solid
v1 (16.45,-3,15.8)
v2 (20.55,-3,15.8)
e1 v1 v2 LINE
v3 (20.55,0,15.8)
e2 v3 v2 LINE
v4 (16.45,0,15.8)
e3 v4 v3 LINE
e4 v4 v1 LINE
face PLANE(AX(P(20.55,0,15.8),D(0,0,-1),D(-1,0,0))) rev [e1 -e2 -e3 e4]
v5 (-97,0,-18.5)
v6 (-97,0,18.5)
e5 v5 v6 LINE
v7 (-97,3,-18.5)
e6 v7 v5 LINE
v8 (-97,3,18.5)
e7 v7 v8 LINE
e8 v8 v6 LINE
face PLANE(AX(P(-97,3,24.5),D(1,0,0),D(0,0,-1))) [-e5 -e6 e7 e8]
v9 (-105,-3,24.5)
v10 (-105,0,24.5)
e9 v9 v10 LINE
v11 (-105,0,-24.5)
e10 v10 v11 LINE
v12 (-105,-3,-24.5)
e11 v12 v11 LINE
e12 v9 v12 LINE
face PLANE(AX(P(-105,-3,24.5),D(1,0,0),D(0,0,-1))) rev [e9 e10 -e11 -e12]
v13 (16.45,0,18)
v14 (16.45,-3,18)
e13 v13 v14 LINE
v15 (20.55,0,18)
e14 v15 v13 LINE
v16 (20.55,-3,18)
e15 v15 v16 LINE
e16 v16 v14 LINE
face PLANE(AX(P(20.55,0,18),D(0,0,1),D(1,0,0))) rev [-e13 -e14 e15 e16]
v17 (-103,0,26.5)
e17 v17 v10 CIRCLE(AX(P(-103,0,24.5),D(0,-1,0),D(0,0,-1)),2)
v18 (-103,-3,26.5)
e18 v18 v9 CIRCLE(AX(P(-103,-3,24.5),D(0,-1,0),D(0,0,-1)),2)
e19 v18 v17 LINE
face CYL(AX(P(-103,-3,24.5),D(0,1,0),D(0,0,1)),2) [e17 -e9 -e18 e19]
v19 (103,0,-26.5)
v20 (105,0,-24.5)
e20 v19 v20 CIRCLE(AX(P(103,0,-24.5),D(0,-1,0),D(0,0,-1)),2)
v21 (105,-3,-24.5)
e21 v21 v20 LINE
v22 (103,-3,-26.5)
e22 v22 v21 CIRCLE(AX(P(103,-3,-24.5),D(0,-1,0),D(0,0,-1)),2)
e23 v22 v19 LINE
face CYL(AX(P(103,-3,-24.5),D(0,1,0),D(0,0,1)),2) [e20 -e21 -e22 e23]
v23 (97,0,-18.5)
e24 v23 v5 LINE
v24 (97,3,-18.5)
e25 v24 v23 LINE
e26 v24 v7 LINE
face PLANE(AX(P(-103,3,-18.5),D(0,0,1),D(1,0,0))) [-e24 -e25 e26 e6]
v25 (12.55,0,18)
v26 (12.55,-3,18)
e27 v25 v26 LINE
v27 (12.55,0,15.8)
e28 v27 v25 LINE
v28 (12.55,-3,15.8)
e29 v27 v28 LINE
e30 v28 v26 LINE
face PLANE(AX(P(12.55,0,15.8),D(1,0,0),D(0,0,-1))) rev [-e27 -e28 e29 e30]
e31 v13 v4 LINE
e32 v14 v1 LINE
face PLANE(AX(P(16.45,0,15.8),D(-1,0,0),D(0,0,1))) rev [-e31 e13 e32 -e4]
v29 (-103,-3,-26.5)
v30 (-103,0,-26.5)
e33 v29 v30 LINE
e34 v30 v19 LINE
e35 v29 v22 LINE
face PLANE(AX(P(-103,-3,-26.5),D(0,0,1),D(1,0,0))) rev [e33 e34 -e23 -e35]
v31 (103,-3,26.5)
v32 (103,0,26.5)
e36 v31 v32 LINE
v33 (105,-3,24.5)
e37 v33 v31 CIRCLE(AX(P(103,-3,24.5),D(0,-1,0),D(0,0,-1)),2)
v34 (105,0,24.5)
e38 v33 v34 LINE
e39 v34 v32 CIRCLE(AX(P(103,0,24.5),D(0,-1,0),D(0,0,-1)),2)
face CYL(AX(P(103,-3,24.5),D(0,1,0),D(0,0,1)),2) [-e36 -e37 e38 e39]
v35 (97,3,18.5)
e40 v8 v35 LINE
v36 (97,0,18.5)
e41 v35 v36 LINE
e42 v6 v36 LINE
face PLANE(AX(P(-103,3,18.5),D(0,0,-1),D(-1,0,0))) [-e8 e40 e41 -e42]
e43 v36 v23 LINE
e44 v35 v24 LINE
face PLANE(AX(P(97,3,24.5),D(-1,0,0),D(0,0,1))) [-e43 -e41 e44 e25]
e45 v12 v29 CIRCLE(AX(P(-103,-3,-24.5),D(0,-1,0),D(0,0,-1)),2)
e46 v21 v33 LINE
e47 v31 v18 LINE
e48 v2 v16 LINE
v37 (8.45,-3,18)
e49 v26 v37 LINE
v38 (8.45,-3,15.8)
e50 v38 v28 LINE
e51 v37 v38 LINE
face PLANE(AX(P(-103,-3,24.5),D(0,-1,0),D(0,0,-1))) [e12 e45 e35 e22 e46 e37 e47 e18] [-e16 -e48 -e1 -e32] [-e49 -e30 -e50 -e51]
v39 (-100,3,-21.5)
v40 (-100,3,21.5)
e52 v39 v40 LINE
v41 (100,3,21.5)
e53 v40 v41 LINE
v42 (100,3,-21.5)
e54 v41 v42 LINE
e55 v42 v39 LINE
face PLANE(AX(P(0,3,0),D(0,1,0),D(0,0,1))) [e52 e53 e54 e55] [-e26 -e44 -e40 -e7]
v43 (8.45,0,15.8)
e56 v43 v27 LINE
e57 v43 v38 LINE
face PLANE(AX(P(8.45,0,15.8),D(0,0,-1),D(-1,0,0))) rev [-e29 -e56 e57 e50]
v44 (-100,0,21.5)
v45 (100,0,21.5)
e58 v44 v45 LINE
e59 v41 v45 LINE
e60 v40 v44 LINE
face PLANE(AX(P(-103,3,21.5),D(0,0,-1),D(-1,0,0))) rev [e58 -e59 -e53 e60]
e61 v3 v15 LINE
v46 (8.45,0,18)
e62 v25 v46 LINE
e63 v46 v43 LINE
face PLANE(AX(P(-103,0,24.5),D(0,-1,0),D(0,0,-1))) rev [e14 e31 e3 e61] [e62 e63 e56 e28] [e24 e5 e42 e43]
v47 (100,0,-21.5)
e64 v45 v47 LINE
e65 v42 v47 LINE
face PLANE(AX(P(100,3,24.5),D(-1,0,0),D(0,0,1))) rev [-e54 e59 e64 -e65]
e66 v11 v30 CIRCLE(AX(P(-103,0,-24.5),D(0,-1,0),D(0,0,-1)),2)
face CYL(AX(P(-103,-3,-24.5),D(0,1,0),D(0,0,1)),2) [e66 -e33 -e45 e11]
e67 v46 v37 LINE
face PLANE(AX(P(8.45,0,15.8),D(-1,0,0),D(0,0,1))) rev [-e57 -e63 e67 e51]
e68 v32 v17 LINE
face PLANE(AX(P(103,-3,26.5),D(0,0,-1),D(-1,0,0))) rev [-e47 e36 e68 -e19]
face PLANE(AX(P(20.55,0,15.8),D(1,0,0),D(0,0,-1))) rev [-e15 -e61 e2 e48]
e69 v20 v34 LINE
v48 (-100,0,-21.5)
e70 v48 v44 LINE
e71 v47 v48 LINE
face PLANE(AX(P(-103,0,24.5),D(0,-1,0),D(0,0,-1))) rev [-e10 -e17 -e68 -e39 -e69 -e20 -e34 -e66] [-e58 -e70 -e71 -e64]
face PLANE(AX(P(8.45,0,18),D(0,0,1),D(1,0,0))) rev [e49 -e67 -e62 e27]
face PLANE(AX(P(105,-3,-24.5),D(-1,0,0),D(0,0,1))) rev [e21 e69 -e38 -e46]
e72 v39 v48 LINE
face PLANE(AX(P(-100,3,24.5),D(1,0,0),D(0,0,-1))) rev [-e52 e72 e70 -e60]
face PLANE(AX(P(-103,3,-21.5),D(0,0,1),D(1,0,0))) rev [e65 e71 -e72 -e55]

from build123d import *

# Parameters (mm, degrees)
SKETCH_228_W        = 210
SKETCH_228_H        = 53
EXTRUDE_1_DEPTH     = 50
SKETCH_3_W          = 200
SKETCH_3_H          = 43
CUT_EXTRUDE_1_DEPTH = 45
SKETCH_4_R          = 3.5
EXTRUDE_2_DEPTH     = 2
EXTRUDE_2_TAPER     = 1
FILLET_2_R          = 0.5
SKETCH_4_5_R        = 3.5
EXTRUDE_3_DEPTH     = 2
SKETCH_4_6_R        = 3.5
EXTRUDE_4_DEPTH     = 2
SKETCH_4_7_R        = 3.5
EXTRUDE_5_DEPTH     = 2
FILLET_3_R          = 0.5
FILLET_4_R          = 0.5
FILLET_5_R          = 0.5
SKETCH_7_R          = 6
CUT_EXTRUDE_2_DEPTH = 14
CUT_EXTRUDE_2_DRAFT = -5
FILLET_6_R          = 2
SKETCH_8_R          = 7
EXTRUDE_6_DEPTH     = 7
EXTRUDE_6_TAPER     = 5
SKETCH_9_R          = 5.15
CUT_EXTRUDE_3_DEPTH = 7
CUT_EXTRUDE_3_DRAFT = 5
SKETCH_10_W         = 29.4
SKETCH_10_H         = 26.3
CUT_EXTRUDE_4_DEPTH = 5
SKETCH_13_W         = 39.2
SKETCH_13_H         = 27.5
CUT_EXTRUDE_5_DEPTH = 2
SKETCH_14_W         = 6
SKETCH_14_H         = 6
CUT_EXTRUDE_6_DEPTH = 5
FILLET_7_R          = 2
EXTRUDE_8_DEPTH     = 3
SKETCH_18_W         = 200
SKETCH_18_H         = 43
SKETCH_18_W_2       = 194
SKETCH_18_H_2       = 37
EXTRUDE_4681_DEPTH  = 3
SKETCH_21_W         = 4.1
SKETCH_21_H         = 2.2
CUT_EXTRUDE_7_DEPTH = 3


with BuildPart() as part:
    # Sketch 228 → Бобышка-Вытянуть1 (new body)
    with BuildSketch(Plane(origin=(0, 0, 0), x_dir=(1, 0, 0), z_dir=(0, 1, 0))):
        Rectangle(SKETCH_228_W, SKETCH_228_H)
    extrude(amount=EXTRUDE_1_DEPTH)

    # Эскиз3 → Вырез-Вытянуть1 (cut)
    with BuildSketch(Plane.XZ):
        Rectangle(SKETCH_3_W, SKETCH_3_H)
    extrude(amount=-CUT_EXTRUDE_1_DEPTH, mode=Mode.SUBTRACT)

    # Эскиз4 → Бобышка-Вытянуть2 (add)
    with BuildSketch(Plane(origin=(0, 50, 0), x_dir=(1, 0, 0), z_dir=(0, 1, 0))):
        with Locations((98, 19.5)):
            Circle(SKETCH_4_R)
    extrude(amount=EXTRUDE_2_DEPTH, taper=EXTRUDE_2_TAPER)

    # Скругление2
    fillet_2_edges = [part.edges().sort_by_distance(p)[0] for p in [
        (94.53491013, 52, -19.5),
    ]]
    fillet(fillet_2_edges, radius=FILLET_2_R)

    # Эскиз4<5> → Бобышка-Вытянуть3 (add)
    with BuildSketch(Plane(origin=(0, 50, 0), x_dir=(1, 0, 0), z_dir=(0, 1, 0))):
        with Locations(Location((98, -19.5, 0), (0, 0, 90))):
            Circle(SKETCH_4_5_R)
    extrude(amount=EXTRUDE_3_DEPTH)

    # Эскиз4<6> → Бобышка-Вытянуть4 (add)
    with BuildSketch(Plane(origin=(0, 50, 0), x_dir=(1, 0, 0), z_dir=(0, 1, 0))):
        with Locations(Location((-98, -19.5, 0), (0, 0, 270))):
            Circle(SKETCH_4_6_R)
    extrude(amount=EXTRUDE_4_DEPTH)

    # Эскиз4<7> → Бобышка-Вытянуть5 (add)
    with BuildSketch(Plane(origin=(0, 50, 0), x_dir=(1, 0, 0), z_dir=(0, 1, 0))):
        with Locations(Location((-98, 19.5, 0), (0, 0, 90))):
            Circle(SKETCH_4_7_R)
    extrude(amount=EXTRUDE_5_DEPTH)

    # Скругление3
    fillet_3_edges = [part.edges().sort_by_distance(p)[0] for p in [
        (-98, 52, 16),
    ]]
    fillet(fillet_3_edges, radius=FILLET_3_R)

    # Скругление4
    fillet_4_edges = [part.edges().sort_by_distance(p)[0] for p in [
        (-98, 52, -16),
    ]]
    fillet(fillet_4_edges, radius=FILLET_4_R)

    # Скругление5
    fillet_5_edges = [part.edges().sort_by_distance(p)[0] for p in [
        (98, 52, 23),
    ]]
    fillet(fillet_5_edges, radius=FILLET_5_R)


with BuildPart() as cut_extrude_2_tool:
    # Эскиз7 → Вырез-Вытянуть2 (with draft: the straight prism first)
    with BuildSketch(Plane(origin=(0, 0, -26.5), x_dir=(-1, 0, 0), z_dir=(0, 0, -1))):
        with Locations((0, 35.081888724)):
            Circle(SKETCH_7_R)
    extrude(amount=-CUT_EXTRUDE_2_DEPTH)
    # Вырез-Вытянуть2: the draft: its side faces are tilted about the plane it starts from
    cut_extrude_2_sides = [cut_extrude_2_tool.faces().sort_by_distance(p)[0] for p in [
        (6, 35.081888724, -19.5),
    ]]
    draft(cut_extrude_2_sides, Plane(origin=(0, 0, -26.5), x_dir=(-1, 0, 0), z_dir=(0, 0, -1)), CUT_EXTRUDE_2_DRAFT)


with BuildPart() as part_1:
    add(part.part)

    # Вырез-Вытянуть2: cut by cut_extrude_2_tool
    add(cut_extrude_2_tool.part, mode=Mode.SUBTRACT)

    # Скругление6
    fillet_6_edges = [part_1.edges().sort_by_distance(p)[0] for p in [
        (6, 35.081888724, -26.5),
    ]]
    fillet(fillet_6_edges, radius=FILLET_6_R)

    # Эскиз8 → Бобышка-Вытянуть6 (add)
    with BuildSketch(Plane.XY.offset(-21.5)):
        with Locations((0, 35.081888724)):
            Circle(SKETCH_8_R)
    extrude(amount=EXTRUDE_6_DEPTH, taper=EXTRUDE_6_TAPER)


with BuildPart() as cut_extrude_3_tool:
    # Эскиз9 → Вырез-Вытянуть3 (with draft: the straight prism first)
    with BuildSketch(Plane.XY.offset(-14.5)):
        with Locations((0, 35.081888724)):
            Circle(SKETCH_9_R)
    extrude(amount=-CUT_EXTRUDE_3_DEPTH)
    # Вырез-Вытянуть3: the draft: its side faces are tilted about the plane it starts from
    cut_extrude_3_sides = [cut_extrude_3_tool.faces().sort_by_distance(p)[0] for p in [
        (-5.15, 35.081888724, -18),
    ]]
    draft(cut_extrude_3_sides, Plane.XY.offset(-14.5), CUT_EXTRUDE_3_DRAFT)


with BuildPart() as part_2:
    add(part_1.part)

    # Вырез-Вытянуть3: cut by cut_extrude_3_tool
    add(cut_extrude_3_tool.part, mode=Mode.SUBTRACT)

    # Эскиз10 → Вырез-Вытянуть4 (cut)
    with BuildSketch(Plane.XY.offset(26.5)):
        with Locations((-50, 25)):
            Rectangle(SKETCH_10_W, SKETCH_10_H)
    extrude(amount=-CUT_EXTRUDE_4_DEPTH, mode=Mode.SUBTRACT)

    # Эскиз13 → Вырез-Вытянуть5 (cut)
    with BuildSketch(Plane(origin=(0, 0, 21.5), x_dir=(-1, 0, 0), z_dir=(0, 0, -1))):
        with Locations((50, 25)):
            Rectangle(SKETCH_13_W, SKETCH_13_H)
    extrude(amount=-CUT_EXTRUDE_5_DEPTH, mode=Mode.SUBTRACT)

    # Эскиз14 → Вырез-Вытянуть6 (cut)
    with BuildSketch(Plane.XY.offset(26.5)):
        with Locations((-76.5, 31.8)):
            Rectangle(SKETCH_14_W, SKETCH_14_H)
        with Locations((-76.5, 18.2)):
            Rectangle(SKETCH_14_W, SKETCH_14_H)
    extrude(amount=-CUT_EXTRUDE_6_DEPTH, mode=Mode.SUBTRACT)

    # Скругление7
    fillet_7_edges = [part_2.edges().sort_by_distance(p)[0] for p in [
        (-105, 50, 0),
        (0, 50, 26.5),
        (105, 50, 0),
        (105, 25, 26.5),
        (-105, 25, 26.5),
        (-105, 25, -26.5),
        (105, 25, -26.5),
        (0, 50, -26.5),
    ]]
    fillet(fillet_7_edges, radius=FILLET_7_R)


with BuildPart() as body_2:
    # Эскиз17 → Бобышка-Вытянуть8 (new body)
    with BuildSketch(Plane.XZ):
        with BuildLine():
            Line((-105, 24.5), (-105, -24.5))
            ThreePointArc((-105, -24.5), (-104.414213562, -25.914213562), (-103, -26.5))
            Line((-103, -26.5), (103, -26.5))
            ThreePointArc((103, -26.5), (104.414213562, -25.914213562), (105, -24.5))
            Line((105, -24.5), (105, 24.5))
            ThreePointArc((105, 24.5), (104.414213562, 25.914213562), (103, 26.5))
            Line((103, 26.5), (-103, 26.5))
            ThreePointArc((-103, 26.5), (-104.414213562, 25.914213562), (-105, 24.5))
        make_face()
    extrude(amount=EXTRUDE_8_DEPTH)

    # Эскиз18 → Extrude 4681 (add)
    with BuildSketch(Plane(origin=(0, 0, 0), x_dir=(1, 0, 0), z_dir=(0, 1, 0))):
        Rectangle(SKETCH_18_W, SKETCH_18_H)
        Rectangle(SKETCH_18_W_2, SKETCH_18_H_2, mode=Mode.SUBTRACT)
    extrude(amount=EXTRUDE_4681_DEPTH)

    # Эскиз21 → Вырез-Вытянуть7 (cut)
    with BuildSketch(Plane.XZ.offset(3)):
        with Locations((10.5, 16.9)):
            Rectangle(SKETCH_21_W, SKETCH_21_H)
        with Locations((18.5, 16.9)):
            Rectangle(SKETCH_21_W, SKETCH_21_H)
    extrude(amount=-CUT_EXTRUDE_7_DEPTH, mode=Mode.SUBTRACT)


solid = body_2.part
